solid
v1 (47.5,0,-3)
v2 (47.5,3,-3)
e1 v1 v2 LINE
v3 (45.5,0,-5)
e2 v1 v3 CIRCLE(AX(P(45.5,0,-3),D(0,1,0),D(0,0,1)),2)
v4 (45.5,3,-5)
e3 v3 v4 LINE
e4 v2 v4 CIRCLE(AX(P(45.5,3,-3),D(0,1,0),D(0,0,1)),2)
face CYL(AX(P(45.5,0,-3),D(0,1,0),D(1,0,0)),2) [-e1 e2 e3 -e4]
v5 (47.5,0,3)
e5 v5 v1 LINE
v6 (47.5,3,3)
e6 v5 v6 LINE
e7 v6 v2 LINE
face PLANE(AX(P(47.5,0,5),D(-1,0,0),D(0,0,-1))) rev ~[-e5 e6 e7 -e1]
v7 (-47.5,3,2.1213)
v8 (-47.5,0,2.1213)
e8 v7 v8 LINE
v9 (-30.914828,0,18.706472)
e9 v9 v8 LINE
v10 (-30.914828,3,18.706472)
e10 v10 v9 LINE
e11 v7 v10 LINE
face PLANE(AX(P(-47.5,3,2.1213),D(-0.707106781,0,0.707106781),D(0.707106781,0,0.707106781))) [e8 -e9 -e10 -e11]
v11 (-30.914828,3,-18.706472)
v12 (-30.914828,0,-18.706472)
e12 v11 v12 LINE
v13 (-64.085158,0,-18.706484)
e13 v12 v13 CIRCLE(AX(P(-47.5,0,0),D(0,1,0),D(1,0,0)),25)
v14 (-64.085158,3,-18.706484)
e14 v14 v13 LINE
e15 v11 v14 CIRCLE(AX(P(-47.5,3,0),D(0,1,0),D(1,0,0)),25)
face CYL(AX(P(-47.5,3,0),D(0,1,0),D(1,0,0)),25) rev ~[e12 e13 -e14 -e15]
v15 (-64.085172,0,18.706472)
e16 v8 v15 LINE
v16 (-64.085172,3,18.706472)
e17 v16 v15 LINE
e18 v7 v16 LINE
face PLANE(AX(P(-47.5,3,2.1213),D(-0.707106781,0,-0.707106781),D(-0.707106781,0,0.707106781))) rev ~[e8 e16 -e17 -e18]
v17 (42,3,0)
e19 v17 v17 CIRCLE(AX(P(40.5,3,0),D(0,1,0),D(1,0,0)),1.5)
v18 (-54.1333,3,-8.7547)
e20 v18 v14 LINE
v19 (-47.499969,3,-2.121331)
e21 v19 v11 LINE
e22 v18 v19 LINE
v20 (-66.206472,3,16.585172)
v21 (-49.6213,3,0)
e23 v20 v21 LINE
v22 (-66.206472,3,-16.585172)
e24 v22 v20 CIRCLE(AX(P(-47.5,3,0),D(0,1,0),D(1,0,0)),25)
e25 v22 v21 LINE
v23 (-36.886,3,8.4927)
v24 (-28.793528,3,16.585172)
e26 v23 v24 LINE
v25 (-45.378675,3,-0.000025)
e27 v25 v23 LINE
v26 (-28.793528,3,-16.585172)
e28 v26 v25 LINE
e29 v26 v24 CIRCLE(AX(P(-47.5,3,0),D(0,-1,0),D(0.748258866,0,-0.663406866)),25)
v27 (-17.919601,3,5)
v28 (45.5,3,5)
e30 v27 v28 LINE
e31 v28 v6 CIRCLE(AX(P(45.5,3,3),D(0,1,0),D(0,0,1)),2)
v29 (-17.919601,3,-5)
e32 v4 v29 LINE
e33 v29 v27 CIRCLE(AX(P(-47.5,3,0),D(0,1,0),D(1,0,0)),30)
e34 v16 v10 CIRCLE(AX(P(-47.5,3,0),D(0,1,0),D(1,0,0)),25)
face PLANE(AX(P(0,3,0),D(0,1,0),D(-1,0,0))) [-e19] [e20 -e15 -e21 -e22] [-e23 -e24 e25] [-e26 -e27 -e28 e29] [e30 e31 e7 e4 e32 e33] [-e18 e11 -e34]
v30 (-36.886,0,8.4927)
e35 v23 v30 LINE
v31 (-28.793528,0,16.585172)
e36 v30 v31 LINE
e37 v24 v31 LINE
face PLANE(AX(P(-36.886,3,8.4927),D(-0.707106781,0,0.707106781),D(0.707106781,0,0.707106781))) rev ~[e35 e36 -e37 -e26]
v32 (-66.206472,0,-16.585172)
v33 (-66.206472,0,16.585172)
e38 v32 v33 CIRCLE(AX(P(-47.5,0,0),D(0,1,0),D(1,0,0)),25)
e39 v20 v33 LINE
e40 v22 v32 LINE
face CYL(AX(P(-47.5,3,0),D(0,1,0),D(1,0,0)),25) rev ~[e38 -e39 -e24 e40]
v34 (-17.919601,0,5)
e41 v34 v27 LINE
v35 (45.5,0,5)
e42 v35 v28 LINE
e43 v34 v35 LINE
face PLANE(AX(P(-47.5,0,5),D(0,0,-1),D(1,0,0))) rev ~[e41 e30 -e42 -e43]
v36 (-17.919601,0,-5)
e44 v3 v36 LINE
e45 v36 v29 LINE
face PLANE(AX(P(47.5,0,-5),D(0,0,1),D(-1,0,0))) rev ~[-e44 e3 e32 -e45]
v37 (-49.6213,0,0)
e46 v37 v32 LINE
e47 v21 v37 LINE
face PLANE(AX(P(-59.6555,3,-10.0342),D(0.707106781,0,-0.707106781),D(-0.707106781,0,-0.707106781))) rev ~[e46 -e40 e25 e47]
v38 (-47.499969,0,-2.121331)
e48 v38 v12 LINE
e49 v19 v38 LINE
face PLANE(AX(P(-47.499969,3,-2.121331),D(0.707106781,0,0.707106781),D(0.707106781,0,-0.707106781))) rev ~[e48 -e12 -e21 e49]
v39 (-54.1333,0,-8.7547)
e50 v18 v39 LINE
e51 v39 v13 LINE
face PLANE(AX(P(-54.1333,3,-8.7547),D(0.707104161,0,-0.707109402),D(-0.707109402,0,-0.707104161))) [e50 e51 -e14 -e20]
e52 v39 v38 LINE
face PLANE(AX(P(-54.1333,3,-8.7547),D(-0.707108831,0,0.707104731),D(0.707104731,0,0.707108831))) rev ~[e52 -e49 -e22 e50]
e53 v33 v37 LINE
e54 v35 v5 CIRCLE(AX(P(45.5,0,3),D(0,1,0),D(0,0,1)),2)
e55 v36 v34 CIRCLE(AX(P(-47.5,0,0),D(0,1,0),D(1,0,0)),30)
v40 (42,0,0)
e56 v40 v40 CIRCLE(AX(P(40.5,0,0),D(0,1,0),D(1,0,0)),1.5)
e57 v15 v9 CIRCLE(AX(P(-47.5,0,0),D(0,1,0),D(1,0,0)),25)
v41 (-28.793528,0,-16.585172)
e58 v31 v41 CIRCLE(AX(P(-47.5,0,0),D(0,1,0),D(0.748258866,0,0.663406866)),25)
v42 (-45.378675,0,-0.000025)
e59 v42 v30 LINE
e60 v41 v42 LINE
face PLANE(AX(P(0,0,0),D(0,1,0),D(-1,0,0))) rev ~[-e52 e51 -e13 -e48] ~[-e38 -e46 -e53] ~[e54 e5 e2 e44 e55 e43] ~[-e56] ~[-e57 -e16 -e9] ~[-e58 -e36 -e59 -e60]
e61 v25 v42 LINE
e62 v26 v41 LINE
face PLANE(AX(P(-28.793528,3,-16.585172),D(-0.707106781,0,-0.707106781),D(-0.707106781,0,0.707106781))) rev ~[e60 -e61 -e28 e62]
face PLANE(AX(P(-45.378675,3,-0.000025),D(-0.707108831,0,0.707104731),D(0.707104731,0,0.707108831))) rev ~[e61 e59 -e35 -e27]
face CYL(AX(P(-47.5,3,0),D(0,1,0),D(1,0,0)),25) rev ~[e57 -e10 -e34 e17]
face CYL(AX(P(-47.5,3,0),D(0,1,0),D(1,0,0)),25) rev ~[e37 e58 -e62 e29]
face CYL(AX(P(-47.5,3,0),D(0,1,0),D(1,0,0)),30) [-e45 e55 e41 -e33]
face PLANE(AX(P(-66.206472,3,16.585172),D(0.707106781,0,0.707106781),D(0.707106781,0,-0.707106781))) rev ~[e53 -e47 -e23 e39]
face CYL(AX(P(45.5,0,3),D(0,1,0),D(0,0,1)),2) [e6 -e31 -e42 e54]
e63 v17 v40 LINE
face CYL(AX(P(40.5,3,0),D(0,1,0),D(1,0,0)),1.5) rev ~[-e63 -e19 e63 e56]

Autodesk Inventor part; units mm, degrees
ref_plane "YZ Plane" through (0, 0, 0) normal (1, 0, 0) x (0, 1, 0)
ref_plane "XZ Plane" through (0, 0, 0) normal (0, 1, 0) x (-1, 0, 0)
ref_plane "XY Plane" through (0, 0, 0) normal (0, 0, 1) x (1, 0, 0)
sketch "Boceto1" plane through (0, 0, 0) normal (0, 1, 0) x (-1, 0, 0)
  line L0 (47.5, 5) -> (-47.5, 5)
  line L1 (-47.5, 5) -> (-47.5, -5)
  line L2 (-47.5, -5) -> (47.5, -5)
  line L3 (47.5, -5) -> (47.5, 5)
  line L4 (47.5, 5) -> (-47.5, -5) construction
  line L5 (-47.5, 5) -> (47.5, -5) construction
  point P0 (0, 0)
  dimension "d0" = 95
  dimension "d1" = 10
extrude "Extrusión1" add sketch "Boceto1" along normal blind 3
sketch "Boceto2" plane through (0, 3, 0) normal (0, 1, 0) x (1, 0, 0)
  circle A0 centre (40.5, 0) radius 1.5
  line L0 (47.5, 5) -> (-47.5, 5) projected
  line L1 (47.5, -5) -> (47.5, 5) projected
  point P0 (0, 0)
  point P1 (47.5, 0)
  point P2 (47.5, 0)
  dimension "d4" = 3
  dimension "d5" = 5
  dimension "d7" = 7
extrude "Extrusión2" cut sketch "Boceto2" against normal blind 3
fillet "Empalme1" radius 2 1 edges at (-47.5, 1.5, 5)
fillet "Empalme2" radius 2 1 edges at (-47.5, 1.5, -5)
fillet "Empalme3" radius 2 1 edges at (47.5, 1.5, 5)
fillet "Empalme4" radius 2 1 edges at (47.5, 1.5, -5)
sketch "Boceto3" plane through (0, 3, 0) normal (0, 1, 0) x (1, 0, 0)
  line L0 (-47.5, 3) -> (-47.5, -3) projected
  circle A0 centre (-47.5, 0) radius 30
  line L1 (-47.5, 0) -> (-17.5, 0) construction
  line L2 (-47.5, 0) -> (-17.5, 0) construction
  point P0 (0, 0)
  dimension "d14" = 60
extrude "Extrusión3" add sketch "Boceto3" against normal blind 3
sketch "Boceto4" plane through (0, 3, 0) normal (0, 1, 0) x (1, 0, 0)
  arc A0 (-17.9196, 5) -> (-17.9196, -5) centre (-47.5, 0) ccw projected
  line L0 (-68.7649, 21.0578) -> (-8.8386, 21.0578) construction
  line L1 (-47.5, 0) -> (-26.4422, 21.0578)
  line L2 (-47.5, 0) -> (-17.7197, 0) construction
  line L3 (-47.5, 0) -> (-17.7197, 0) construction
  line L4 (-47.5, 0) -> (-68.7132, -21.2132)
  line L5 (-69.7473, 20.126) -> (-9.853, 20.126) construction
  line L6 (-59.6555, 10.0342) -> (-39.9443, -9.677)
  line L7 (-54.1333, 8.7547) -> (-36.886, -8.4927)
  line L8 (-59.6555, 10.0342) -> (-69.7473, 20.126)
  line L9 (-54.1333, 8.7547) -> (-67.626, 22.2473)
  line L10 (-36.886, -8.4927) -> (-25.2527, -20.126)
  line L11 (-39.9443, -9.677) -> (-27.374, -22.2473)
  line L12 (-69.7473, -20.126) -> (-27.374, 22.2473)
  line L13 (-25.2527, 20.126) -> (-67.626, -22.2473)
  circle A1 centre (-47.5, 0) radius 25
  point P0 (0, 0)
  point P1 (-64.0852, -18.7065)
  point P2 (-30.9148, -18.7065)
  point P3 (-47.5, -2.1213)
  point P4 (-28.7935, -16.5852)
  point P5 (-28.7935, 16.5852)
  point P6 (-45.3787, 0)
  point P7 (-30.9148, 18.7065)
  point P8 (-64.0852, 18.7065)
  point P9 (-47.5, 2.1213)
  point P10 (-66.2065, 16.5852)
  point P11 (-66.2065, -16.5852)
  point P12 (-49.6213, 0)
  dimension "d20" = 45
  dimension "d23" = 3
  dimension "d32" = 3
  dimension "d33" = 1.5
  dimension "d34" = 50
extrude "Extrusión4" cut sketch "Boceto4" against normal blind 3 contours A1 L10 L7 L13 | L12 L7 L9 A1 | L6 L11 A1 L13 | L8 L6 L12 A1
properties part number "Brazo_Servo"
